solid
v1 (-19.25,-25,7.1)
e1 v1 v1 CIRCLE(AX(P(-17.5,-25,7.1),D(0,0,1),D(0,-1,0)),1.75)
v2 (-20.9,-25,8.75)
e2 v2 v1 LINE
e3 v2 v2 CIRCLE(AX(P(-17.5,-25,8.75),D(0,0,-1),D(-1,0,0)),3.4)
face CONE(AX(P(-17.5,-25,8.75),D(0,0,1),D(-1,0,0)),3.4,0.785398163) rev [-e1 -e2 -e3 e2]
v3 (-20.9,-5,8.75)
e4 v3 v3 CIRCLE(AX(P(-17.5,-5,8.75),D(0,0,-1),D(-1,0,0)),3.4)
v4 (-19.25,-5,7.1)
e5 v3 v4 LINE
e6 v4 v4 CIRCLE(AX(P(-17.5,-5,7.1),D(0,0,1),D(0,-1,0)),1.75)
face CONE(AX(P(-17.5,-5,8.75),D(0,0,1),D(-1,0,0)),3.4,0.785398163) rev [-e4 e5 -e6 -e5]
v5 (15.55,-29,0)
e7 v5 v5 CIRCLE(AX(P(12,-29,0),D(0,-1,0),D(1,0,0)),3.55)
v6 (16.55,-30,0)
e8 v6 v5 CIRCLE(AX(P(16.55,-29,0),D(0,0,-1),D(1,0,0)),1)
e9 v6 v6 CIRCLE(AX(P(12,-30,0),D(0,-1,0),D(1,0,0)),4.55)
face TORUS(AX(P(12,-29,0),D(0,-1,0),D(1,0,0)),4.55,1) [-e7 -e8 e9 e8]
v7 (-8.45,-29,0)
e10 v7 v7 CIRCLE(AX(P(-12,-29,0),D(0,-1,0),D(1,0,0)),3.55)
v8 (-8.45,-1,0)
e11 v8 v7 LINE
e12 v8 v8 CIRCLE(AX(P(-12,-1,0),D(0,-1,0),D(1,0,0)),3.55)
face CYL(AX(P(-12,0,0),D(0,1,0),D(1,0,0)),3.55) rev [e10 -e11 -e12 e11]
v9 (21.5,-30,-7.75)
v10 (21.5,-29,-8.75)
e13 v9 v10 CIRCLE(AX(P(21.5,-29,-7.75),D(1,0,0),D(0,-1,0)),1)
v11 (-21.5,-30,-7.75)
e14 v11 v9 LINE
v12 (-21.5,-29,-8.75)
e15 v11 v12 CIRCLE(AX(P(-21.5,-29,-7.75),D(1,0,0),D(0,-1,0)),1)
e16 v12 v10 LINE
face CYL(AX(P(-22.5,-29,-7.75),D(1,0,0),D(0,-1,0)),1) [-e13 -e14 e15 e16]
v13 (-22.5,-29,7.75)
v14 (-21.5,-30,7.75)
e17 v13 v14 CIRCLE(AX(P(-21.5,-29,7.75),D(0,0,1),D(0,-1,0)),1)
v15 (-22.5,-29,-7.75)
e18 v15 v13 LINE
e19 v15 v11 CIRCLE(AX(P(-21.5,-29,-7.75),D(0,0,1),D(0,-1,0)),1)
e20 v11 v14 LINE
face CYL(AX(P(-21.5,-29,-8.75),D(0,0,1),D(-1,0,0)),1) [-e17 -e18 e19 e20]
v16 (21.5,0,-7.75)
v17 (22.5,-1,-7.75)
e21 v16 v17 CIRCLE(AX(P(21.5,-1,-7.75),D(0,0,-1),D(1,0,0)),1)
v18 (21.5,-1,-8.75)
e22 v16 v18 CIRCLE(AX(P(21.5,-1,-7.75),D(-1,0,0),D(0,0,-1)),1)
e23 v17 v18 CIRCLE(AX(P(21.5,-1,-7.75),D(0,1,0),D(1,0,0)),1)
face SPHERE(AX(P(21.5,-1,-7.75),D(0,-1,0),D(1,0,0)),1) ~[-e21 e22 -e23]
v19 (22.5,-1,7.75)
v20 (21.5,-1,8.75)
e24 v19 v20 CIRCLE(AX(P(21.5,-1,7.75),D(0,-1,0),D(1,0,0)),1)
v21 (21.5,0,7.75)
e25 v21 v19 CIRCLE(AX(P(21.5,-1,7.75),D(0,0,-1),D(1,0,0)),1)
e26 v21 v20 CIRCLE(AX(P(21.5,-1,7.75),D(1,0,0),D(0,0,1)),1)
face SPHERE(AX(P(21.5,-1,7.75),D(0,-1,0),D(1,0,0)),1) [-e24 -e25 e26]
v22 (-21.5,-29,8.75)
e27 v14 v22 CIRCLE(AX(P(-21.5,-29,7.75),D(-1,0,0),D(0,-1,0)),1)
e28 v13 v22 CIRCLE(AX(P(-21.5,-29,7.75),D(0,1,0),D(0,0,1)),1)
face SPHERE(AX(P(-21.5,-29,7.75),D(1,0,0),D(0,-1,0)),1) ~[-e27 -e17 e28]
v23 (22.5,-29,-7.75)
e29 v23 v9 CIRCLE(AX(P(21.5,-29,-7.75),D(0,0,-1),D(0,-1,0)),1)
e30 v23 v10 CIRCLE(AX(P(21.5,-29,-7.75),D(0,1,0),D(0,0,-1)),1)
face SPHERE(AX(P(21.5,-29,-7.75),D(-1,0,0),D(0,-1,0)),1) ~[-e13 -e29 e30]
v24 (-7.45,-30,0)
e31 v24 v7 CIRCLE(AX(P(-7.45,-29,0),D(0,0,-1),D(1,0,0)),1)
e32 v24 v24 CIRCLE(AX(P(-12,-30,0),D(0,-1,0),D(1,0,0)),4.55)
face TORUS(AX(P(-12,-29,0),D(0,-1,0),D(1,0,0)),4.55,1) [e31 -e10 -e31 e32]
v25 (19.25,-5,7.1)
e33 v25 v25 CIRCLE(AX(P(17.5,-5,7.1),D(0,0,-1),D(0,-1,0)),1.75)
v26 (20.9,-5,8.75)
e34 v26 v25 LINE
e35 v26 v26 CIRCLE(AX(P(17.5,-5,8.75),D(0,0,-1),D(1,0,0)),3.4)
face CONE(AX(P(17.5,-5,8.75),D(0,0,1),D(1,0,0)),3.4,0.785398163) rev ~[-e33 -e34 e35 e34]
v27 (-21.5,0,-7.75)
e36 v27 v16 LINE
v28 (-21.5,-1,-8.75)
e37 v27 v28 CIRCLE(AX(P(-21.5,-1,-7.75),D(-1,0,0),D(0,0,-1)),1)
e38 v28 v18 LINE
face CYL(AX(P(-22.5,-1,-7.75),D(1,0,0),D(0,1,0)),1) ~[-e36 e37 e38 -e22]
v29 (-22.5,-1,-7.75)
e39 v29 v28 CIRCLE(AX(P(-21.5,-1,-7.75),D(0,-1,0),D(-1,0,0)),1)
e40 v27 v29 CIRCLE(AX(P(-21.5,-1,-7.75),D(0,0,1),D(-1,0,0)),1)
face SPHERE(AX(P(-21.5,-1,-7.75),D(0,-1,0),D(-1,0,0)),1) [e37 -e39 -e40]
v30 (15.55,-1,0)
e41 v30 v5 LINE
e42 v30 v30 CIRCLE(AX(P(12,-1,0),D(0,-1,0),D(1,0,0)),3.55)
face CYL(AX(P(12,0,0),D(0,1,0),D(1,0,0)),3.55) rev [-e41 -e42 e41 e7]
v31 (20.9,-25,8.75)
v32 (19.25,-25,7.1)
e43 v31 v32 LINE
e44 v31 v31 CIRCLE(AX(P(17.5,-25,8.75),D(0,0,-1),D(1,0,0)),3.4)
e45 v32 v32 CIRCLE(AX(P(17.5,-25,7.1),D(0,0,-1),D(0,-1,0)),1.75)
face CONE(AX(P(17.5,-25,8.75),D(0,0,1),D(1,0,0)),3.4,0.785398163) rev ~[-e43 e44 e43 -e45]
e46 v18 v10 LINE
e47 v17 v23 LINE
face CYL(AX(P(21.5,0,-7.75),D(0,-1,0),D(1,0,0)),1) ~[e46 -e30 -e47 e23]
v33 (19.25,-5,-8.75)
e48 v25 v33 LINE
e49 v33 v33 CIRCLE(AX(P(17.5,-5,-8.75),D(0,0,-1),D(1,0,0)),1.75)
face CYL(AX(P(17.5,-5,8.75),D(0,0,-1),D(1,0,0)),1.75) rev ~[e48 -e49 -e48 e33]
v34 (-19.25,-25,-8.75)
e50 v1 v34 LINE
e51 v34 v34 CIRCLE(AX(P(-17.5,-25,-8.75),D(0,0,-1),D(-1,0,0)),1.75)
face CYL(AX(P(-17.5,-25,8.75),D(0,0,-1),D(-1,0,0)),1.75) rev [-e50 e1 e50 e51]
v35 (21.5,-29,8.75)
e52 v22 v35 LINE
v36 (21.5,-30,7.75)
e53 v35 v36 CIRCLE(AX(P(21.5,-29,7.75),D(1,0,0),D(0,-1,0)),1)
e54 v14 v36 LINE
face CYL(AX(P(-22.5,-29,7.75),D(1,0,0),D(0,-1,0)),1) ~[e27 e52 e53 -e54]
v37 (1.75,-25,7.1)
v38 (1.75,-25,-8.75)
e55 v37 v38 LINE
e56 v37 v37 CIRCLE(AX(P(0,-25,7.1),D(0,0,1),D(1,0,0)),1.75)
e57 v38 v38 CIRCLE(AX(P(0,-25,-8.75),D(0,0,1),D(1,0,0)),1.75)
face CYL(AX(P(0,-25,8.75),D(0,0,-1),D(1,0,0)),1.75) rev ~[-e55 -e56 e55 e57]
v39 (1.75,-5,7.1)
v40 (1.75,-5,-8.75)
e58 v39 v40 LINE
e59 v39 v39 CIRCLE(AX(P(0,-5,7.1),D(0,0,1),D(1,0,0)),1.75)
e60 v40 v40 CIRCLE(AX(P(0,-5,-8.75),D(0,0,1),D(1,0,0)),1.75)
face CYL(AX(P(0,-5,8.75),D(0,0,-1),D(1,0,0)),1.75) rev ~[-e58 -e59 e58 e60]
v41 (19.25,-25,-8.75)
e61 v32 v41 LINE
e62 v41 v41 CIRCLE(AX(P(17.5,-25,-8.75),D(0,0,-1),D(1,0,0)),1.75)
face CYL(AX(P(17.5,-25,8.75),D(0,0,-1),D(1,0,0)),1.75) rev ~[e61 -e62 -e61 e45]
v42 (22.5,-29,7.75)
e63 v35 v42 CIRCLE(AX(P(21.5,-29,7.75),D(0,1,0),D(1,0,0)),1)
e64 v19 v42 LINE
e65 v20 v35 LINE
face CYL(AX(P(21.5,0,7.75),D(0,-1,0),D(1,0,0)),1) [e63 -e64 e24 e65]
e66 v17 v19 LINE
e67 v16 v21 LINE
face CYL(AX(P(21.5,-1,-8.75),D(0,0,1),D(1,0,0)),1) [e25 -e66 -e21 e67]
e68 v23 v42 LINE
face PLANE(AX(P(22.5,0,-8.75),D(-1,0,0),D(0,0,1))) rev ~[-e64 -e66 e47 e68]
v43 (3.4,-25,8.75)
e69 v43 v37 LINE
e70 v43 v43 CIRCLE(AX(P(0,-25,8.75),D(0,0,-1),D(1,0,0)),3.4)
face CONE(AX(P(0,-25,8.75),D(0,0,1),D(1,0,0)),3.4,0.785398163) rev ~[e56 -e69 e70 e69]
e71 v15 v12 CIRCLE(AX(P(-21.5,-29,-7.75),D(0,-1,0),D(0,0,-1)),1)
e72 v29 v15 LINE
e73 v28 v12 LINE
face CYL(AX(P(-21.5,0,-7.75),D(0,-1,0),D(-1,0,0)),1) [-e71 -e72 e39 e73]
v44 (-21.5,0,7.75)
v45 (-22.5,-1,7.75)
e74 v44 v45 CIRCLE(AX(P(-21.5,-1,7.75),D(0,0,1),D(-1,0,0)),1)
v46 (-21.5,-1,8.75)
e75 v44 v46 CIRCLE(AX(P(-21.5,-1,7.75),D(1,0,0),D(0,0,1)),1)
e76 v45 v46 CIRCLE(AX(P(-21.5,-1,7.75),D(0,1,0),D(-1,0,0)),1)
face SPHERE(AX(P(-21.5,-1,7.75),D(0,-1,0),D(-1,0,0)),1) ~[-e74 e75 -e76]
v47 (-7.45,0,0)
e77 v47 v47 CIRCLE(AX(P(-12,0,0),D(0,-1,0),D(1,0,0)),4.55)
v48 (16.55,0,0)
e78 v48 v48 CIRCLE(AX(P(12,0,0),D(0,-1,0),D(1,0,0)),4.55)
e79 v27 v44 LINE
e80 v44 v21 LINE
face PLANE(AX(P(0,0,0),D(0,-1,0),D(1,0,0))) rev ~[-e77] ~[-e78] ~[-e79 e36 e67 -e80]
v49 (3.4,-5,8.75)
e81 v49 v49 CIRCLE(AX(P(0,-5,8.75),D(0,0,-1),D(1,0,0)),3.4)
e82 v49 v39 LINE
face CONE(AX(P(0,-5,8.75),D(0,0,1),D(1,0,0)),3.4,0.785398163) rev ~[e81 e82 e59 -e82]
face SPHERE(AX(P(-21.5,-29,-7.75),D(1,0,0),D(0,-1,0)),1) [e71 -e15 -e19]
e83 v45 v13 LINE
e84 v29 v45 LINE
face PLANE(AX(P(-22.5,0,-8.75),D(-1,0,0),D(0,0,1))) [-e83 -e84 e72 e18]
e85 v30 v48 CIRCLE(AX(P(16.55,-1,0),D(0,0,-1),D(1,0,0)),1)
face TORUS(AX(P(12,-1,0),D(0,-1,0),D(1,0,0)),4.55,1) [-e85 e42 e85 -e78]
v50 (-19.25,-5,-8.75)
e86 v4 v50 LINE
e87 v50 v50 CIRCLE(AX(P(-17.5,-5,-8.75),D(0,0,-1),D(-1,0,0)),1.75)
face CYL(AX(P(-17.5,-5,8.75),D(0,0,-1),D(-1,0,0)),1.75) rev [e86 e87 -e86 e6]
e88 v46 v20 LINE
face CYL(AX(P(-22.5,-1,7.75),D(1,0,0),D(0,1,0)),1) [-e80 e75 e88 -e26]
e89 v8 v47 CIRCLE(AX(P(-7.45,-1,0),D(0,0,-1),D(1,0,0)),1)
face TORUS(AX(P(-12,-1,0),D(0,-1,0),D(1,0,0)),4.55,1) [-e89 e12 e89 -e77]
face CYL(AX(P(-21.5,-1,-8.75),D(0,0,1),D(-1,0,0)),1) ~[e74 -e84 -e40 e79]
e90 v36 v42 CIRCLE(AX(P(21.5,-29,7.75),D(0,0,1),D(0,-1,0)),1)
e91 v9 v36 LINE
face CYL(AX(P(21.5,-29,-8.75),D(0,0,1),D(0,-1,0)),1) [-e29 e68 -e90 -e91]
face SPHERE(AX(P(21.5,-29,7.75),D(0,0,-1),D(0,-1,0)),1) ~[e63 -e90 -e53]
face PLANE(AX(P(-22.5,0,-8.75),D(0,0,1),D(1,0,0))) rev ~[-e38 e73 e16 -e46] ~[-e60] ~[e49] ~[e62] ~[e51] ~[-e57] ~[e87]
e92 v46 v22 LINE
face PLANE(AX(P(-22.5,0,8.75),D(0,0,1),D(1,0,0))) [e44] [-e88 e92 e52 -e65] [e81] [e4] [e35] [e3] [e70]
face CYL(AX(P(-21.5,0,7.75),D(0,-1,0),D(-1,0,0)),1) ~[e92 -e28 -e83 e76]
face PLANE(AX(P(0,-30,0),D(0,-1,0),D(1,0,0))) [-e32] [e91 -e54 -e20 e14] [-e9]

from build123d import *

# Parameters (mm, degrees)
SKETCH_W         = 45
SKETCH_H         = 17.5
SKETCH_R         = 3.55
PAD_DEPTH        = 30
HOLE_D           = 3.5
HOLE_DEPTH       = 25
HOLE_CSINK_D     = 6.8
HOLE_CSINK_ANGLE = 90
FILLET_R         = 1


with BuildPart() as part:
    # Sketch → Pad (new body)
    with BuildSketch(Plane.XZ):
        Rectangle(SKETCH_W, SKETCH_H)
        with Locations((12, 0)):
            Circle(SKETCH_R, mode=Mode.SUBTRACT)
        with Locations((-12, 0)):
            Circle(SKETCH_R, mode=Mode.SUBTRACT)
    extrude(amount=PAD_DEPTH)

    # Hole
    with Locations(Plane(origin=(0, 0, 8.75), x_dir=(-1, 0, 0), z_dir=(0, 0, 1))):
        with Locations((-17.5, 25), (-17.5, 5), (0, 25), (0, 5)):
            hole = CounterSinkHole(HOLE_D / 2, HOLE_CSINK_D / 2, depth=HOLE_DEPTH, counter_sink_angle=HOLE_CSINK_ANGLE)

    # Mirrored: Hole across Sketch001 V_Axis
    add(hole.mirror(Plane(origin=(0, 0, 8.75), x_dir=(0, 0, 1), z_dir=(-1, 0, 0))), mode=Mode.SUBTRACT)

    # Fillet
    fillet_edges = [part.edges().sort_by_distance(p)[0] for p in [
        (0, -30, -8.75),
        (22.5, -30, 0),
        (0, -30, 8.75),
        (-22.5, -30, 0),
        (-15.55, -30, 0),
        (8.45, -30, 0),
        (-22.5, -15, 8.75),
        (-22.5, -15, -8.75),
        (-22.5, 0, 0),
        (22.5, -15, -8.75),
        (22.5, -15, 8.75),
        (22.5, 0, 0),
        (0, 0, -8.75),
        (0, 0, 8.75),
        (-15.55, 0, 0),
        (8.45, 0, 0),
    ]]
    fillet(fillet_edges, radius=FILLET_R)


solid = part.part
